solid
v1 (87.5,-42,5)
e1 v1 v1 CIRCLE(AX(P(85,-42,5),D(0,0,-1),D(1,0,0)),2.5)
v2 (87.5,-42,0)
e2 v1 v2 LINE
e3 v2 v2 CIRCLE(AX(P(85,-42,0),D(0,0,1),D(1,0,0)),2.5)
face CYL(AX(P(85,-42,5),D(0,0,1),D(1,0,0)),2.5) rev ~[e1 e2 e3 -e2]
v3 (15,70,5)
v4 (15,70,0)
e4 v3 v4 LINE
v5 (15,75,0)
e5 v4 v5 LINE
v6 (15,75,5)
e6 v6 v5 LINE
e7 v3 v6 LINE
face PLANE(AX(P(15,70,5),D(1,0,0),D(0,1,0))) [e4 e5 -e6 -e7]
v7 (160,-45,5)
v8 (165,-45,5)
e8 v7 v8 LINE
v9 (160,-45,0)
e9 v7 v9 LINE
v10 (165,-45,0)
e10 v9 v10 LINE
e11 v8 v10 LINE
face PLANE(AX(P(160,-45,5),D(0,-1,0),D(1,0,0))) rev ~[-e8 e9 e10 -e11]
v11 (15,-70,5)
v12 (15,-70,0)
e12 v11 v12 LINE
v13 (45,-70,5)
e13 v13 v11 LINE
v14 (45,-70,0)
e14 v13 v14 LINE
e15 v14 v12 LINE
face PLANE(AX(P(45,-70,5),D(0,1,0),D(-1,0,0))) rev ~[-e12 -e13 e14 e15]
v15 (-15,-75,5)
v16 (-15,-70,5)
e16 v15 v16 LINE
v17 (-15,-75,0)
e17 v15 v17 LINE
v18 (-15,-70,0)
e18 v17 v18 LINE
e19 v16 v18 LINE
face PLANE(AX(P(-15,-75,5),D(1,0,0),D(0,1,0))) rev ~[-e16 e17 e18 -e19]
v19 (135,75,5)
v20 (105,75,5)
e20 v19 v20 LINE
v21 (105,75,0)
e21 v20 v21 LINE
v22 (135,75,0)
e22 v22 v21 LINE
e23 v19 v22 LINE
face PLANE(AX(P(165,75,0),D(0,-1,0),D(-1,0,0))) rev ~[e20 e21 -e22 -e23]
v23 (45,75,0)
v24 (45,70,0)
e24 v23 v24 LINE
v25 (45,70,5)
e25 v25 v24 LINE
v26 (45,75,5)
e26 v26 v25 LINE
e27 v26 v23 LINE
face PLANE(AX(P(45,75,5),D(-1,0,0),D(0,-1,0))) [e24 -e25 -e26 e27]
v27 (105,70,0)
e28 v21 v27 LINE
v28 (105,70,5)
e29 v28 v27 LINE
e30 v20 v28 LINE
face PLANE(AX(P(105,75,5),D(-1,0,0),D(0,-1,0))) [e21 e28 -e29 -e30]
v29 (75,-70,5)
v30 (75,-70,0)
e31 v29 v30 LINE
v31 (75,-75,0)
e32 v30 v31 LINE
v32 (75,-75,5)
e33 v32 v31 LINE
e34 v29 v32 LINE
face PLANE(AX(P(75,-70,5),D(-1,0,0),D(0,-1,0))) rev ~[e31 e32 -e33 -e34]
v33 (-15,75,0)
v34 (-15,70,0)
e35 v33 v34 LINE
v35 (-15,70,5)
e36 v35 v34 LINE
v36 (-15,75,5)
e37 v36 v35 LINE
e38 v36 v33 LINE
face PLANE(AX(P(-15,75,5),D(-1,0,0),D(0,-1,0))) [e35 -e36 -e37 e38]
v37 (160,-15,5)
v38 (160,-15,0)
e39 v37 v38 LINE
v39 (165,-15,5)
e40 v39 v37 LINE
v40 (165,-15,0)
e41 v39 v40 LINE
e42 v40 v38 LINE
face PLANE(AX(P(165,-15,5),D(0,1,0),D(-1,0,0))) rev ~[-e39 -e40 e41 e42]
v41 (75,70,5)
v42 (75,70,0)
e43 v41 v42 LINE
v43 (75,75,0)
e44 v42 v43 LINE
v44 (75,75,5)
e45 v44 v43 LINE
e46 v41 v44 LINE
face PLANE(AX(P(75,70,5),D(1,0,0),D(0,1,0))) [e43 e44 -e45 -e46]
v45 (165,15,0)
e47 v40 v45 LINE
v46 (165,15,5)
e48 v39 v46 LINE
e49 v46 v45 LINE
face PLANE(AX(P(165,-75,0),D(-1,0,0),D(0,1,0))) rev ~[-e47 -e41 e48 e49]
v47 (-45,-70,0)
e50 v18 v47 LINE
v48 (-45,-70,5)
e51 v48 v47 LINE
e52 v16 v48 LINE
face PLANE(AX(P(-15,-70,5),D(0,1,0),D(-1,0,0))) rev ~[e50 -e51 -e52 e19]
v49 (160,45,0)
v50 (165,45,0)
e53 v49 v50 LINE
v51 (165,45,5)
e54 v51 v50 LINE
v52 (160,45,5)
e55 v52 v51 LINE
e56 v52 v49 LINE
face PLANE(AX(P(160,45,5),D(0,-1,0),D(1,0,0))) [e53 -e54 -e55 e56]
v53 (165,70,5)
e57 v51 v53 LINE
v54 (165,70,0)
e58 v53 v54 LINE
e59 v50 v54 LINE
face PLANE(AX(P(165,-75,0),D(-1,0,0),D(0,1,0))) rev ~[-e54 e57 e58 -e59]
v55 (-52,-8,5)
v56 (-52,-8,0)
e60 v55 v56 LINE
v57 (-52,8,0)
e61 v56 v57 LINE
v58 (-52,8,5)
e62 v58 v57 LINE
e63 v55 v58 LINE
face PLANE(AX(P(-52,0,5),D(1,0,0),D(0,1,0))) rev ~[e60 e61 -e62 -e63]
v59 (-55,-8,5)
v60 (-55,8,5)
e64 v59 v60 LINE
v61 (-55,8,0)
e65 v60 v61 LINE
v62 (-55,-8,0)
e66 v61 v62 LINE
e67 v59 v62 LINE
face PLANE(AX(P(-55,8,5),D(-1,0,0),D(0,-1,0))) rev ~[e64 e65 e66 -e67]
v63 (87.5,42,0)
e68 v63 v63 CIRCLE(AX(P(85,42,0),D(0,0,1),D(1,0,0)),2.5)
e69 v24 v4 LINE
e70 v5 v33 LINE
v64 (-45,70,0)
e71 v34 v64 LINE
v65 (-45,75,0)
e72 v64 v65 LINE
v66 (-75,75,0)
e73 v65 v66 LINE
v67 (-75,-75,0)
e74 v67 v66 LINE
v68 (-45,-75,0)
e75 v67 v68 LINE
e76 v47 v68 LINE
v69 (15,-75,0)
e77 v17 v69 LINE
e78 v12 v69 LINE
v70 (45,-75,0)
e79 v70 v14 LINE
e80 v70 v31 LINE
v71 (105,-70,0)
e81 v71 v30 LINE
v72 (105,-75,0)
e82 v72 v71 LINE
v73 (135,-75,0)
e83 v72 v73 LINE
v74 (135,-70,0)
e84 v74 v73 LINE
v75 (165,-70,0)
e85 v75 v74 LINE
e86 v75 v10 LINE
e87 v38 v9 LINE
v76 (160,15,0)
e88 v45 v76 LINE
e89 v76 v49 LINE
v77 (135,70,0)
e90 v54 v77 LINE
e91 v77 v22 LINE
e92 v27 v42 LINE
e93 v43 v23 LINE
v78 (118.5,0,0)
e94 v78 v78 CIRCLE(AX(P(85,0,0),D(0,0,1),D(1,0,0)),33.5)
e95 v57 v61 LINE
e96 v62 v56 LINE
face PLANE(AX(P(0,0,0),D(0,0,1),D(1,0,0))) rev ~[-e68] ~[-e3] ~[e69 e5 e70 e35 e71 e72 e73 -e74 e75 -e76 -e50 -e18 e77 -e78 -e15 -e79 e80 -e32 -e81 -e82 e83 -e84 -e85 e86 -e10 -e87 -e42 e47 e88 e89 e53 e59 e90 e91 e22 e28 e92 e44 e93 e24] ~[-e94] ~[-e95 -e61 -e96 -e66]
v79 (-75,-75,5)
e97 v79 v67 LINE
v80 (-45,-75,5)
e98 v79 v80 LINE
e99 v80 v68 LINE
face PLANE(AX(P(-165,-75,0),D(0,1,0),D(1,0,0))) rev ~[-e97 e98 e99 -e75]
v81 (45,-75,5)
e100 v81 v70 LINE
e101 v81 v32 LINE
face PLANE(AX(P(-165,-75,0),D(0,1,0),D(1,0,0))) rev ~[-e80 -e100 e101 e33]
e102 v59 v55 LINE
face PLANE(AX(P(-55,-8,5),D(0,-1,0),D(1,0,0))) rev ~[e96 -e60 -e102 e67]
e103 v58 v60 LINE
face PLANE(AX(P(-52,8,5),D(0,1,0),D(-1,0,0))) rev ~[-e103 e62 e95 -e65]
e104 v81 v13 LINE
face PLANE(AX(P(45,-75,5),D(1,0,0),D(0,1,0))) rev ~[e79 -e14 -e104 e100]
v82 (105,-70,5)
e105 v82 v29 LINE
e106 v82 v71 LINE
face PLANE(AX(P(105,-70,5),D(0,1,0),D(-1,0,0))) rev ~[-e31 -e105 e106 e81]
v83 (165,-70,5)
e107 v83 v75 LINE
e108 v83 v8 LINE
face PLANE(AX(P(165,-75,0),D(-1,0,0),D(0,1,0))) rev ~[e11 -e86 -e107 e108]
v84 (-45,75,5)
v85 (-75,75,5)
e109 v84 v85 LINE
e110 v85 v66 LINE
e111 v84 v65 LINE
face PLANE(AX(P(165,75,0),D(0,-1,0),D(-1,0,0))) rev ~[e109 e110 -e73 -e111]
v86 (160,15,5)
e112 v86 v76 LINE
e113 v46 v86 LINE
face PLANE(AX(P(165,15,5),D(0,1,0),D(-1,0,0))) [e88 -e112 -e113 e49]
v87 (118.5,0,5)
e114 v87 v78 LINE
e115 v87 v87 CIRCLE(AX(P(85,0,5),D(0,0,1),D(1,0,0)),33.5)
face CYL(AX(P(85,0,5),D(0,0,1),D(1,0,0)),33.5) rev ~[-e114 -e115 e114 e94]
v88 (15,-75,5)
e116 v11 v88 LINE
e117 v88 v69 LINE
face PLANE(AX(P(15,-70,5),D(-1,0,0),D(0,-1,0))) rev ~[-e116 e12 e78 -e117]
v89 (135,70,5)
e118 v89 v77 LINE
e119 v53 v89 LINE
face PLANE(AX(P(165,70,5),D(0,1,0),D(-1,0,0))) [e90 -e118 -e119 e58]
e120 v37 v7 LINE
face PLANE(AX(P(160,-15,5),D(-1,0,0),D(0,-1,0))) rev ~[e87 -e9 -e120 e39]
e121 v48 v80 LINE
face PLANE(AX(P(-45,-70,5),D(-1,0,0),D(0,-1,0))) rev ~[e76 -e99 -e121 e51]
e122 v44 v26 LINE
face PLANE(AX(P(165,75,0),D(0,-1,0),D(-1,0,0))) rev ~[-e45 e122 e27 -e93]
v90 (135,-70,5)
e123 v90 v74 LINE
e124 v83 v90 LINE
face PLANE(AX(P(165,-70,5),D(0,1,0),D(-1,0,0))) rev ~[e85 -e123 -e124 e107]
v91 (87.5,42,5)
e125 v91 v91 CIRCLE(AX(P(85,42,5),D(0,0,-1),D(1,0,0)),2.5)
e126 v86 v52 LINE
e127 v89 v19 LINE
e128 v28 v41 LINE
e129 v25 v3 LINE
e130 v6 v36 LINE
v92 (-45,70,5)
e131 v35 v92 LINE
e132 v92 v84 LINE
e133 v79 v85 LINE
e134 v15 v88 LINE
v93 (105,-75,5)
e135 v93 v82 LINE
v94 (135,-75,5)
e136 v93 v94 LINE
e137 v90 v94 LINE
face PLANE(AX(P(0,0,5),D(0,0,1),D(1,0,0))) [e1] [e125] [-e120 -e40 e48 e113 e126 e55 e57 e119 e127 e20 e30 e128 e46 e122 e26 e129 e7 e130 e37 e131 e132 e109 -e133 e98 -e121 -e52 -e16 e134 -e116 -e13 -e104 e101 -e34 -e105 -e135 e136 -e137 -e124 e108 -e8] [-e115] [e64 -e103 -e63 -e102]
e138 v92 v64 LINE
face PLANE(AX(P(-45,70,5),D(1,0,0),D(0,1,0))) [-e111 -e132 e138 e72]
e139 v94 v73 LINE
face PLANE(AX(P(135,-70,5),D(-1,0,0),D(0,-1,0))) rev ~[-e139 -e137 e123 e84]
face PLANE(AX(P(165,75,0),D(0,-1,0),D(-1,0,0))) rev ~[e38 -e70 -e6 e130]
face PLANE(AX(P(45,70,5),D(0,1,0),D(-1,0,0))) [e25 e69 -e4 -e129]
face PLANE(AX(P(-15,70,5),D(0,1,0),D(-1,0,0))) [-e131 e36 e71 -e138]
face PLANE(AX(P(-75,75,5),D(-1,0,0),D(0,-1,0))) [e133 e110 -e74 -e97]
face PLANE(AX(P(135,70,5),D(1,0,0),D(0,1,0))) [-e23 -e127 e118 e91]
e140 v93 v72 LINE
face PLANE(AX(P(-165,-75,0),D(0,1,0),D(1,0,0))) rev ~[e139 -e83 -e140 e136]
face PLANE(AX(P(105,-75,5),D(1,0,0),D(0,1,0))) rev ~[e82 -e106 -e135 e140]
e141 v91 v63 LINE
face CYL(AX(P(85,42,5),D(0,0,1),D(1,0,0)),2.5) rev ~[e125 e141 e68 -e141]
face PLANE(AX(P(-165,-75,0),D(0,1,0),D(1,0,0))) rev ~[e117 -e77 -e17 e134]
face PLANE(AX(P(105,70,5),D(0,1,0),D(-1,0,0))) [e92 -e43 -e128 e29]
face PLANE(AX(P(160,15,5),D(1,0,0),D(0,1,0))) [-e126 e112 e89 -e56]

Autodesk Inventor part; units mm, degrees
ref_plane "YZ Plane" through (0, 0, 0) normal (1, 0, 0) x (0, 1, 0)
ref_plane "XZ Plane" through (0, 0, 0) normal (0, 1, 0) x (-1, 0, 0)
ref_plane "XY Plane" through (0, 0, 0) normal (0, 0, 1) x (1, 0, 0)
sketch "Sketch1" plane through (0, 0, 0) normal (0, 0, 1) x (1, 0, 0)
  line L0 (0, 2.8582) -> (0, -2.8582) construction
  line L1 (-5.7775, 0) -> (5.7775, 0) construction
  line L2 (-165, -75) -> (165, -75)
  line L3 (165, -75) -> (165, 75)
  line L4 (165, 75) -> (-165, 75)
  line L5 (-165, 75) -> (-165, -75)
  line L6 (-165, -75) -> (165, 75) construction
  line L7 (165, -75) -> (-165, 75) construction
  point P0 (0, 0)
  point P1 (0, 0)
  dimension "d0" = 330
  dimension "d1" = 150
extrude "Extrusion1" add sketch "Sketch1" along normal blind 5
sketch "Sketch2" plane through (0, 0, 5) normal (0, 0, 1) x (1, 0, 0)
  line L0 (0, 0) -> (-130, 0)
  circle A0 centre (-130, 0) radius 5
  line L1 (-165, 75) -> (-165, -75) projected
  line L2 (-165, 0) -> (-165, 15)
  line L3 (-165, 15) -> (-165, -15)
  line L4 (-165, -15) -> (-165, -45)
  line L5 (-165, -45) -> (-165, -75)
  line L6 (-165, 15) -> (-165, 45)
  line L7 (-165, 45) -> (-165, 75)
  line L8 (-165, 15) -> (-160, 15)
  line L9 (-160, 15) -> (-160, 45)
  line L10 (-160, 45) -> (-165, 45)
  line L11 (-165, 45) -> (-165, 15)
  line L12 (-165, -15) -> (-160, -15)
  line L13 (-160, -15) -> (-160, -45)
  line L14 (-160, -45) -> (-165, -45)
  line L15 (-165, -45) -> (-165, -15)
  line L16 (-165, -75) -> (165, -75) projected
  line L17 (-165, -75) -> (-135, -75)
  line L18 (-135, -75) -> (-105, -75)
  line L19 (-105, -75) -> (-75, -75)
  line L20 (-75, -75) -> (-45, -75)
  line L21 (-45, -75) -> (-15, -75)
  line L22 (-15, -75) -> (15, -75)
  line L23 (15, -75) -> (45, -75)
  line L24 (45, -75) -> (75, -75)
  line L25 (75, -75) -> (105, -75)
  line L26 (105, -75) -> (135, -75)
  line L27 (135, -75) -> (165, -75)
  line L28 (-165, -75) -> (-135, -75)
  line L29 (-135, -75) -> (-135, -70)
  line L30 (-135, -70) -> (-165, -70)
  line L31 (-165, -70) -> (-165, -75)
  line L32 (-105, -75) -> (-75, -75)
  line L33 (-75, -75) -> (-75, -70)
  line L34 (-75, -70) -> (-105, -70)
  line L35 (-105, -70) -> (-105, -75)
  line L36 (-45, -75) -> (-15, -75)
  line L37 (-15, -75) -> (-15, -70)
  line L38 (-15, -70) -> (-45, -70)
  line L39 (-45, -70) -> (-45, -75)
  line L40 (15, -75) -> (45, -75)
  line L41 (45, -75) -> (45, -70)
  line L42 (45, -70) -> (15, -70)
  line L43 (15, -70) -> (15, -75)
  line L44 (75, -75) -> (105, -75)
  line L45 (105, -75) -> (105, -70)
  line L46 (105, -70) -> (75, -70)
  line L47 (75, -70) -> (75, -75)
  line L48 (135, -75) -> (165, -75)
  line L49 (165, -75) -> (165, -70)
  line L50 (165, -70) -> (135, -70)
  line L51 (135, -70) -> (135, -75)
  line L52 (165, 75) -> (-165, 75) projected
  line L53 (-165, 75) -> (-135, 75)
  line L54 (-135, 75) -> (-135, 70)
  line L55 (-135, 70) -> (-165, 70)
  line L56 (-165, 70) -> (-165, 75)
  line L57 (-105, 75) -> (-75, 75)
  line L58 (-75, 75) -> (-75, 70)
  line L59 (-75, 70) -> (-105, 70)
  line L60 (-105, 70) -> (-105, 75)
  line L61 (-45, 75) -> (-15, 75)
  line L62 (-15, 75) -> (-15, 70)
  line L63 (-15, 70) -> (-45, 70)
  line L64 (-45, 70) -> (-45, 75)
  line L65 (15, 75) -> (45, 75)
  line L66 (45, 75) -> (45, 70)
  line L67 (45, 70) -> (15, 70)
  line L68 (15, 70) -> (15, 75)
  line L69 (75, 75) -> (105, 75)
  line L70 (105, 75) -> (105, 70)
  line L71 (105, 70) -> (75, 70)
  line L72 (75, 70) -> (75, 75)
  line L73 (165, -75) -> (165, 75) projected
  line L74 (135, 75) -> (165, 75)
  line L75 (165, 75) -> (165, 70)
  line L76 (165, 70) -> (135, 70)
  line L77 (135, 70) -> (135, 75)
  line L78 (165, 0) -> (165, 15)
  line L79 (165, 15) -> (160, 15)
  line L80 (160, 15) -> (160, 45)
  line L81 (160, 45) -> (165, 45)
  line L82 (165, 45) -> (165, 15)
  line L83 (165, -15) -> (160, -15)
  line L84 (160, -15) -> (160, -45)
  line L85 (160, -45) -> (165, -45)
  line L86 (165, -45) -> (165, -15)
  point P0 (-165, -70)
  point P1 (135, 75)
  point P2 (105, 75)
  point P3 (75, 75)
  point P4 (45, 75)
  point P5 (15, 75)
  point P6 (-15, 75)
  point P7 (-165, 70)
  point P8 (-165, -45)
  dimension "d4" = 130
  dimension "d5" = 10
  dimension "d6" = 15
  dimension "d7" = 30
  dimension "d8" = 30
  dimension "d9" = 30
  dimension "d10" = 30
  dimension "d11" = 30
  dimension "d12" = 5
  dimension "d13" = 30
  dimension "d14" = 30
  dimension "d15" = 30
  dimension "d16" = 30
  dimension "d17" = 30
  dimension "d18" = 30
  dimension "d19" = 30
  dimension "d20" = 30
  dimension "d21" = 30
  dimension "d22" = 30
  dimension "d23" = 30
  dimension "d24" = 5
  dimension "d25" = 5
  dimension "d26" = 5
  dimension "d29" = 30
  dimension "d30" = 30
  dimension "d31" = 30
  dimension "d32" = 30
  dimension "d33" = 30
  dimension "d34" = 30
extrude "Extrusion2" cut sketch "Sketch2" against normal blind 8 contours A0 | L52 L54 L55 L1 | L10 L9 L8 L1 | L52 L58 L59 L60 | L52 L62 L63 L64 | L12 L13 L14 L1 | L52 L66 L67 L68 | L30 L29 L16 L1 | L52 L70 L71 L72 | L35 L34 L33 L16 | L52 L73 L76 L77 | L39 L38 L37 L16 | L73 L79 L80 L81 | L43 L42 L41 L16 | L47 L46 L45 L16 | L73 L85 L84 L83 | L51 L50 L49 L16
sketch "Sketch3" plane through (0, 0, 5) normal (0, 0, 1) x (1, 0, 0)
  line L0 (165, -15) -> (165, 15) projected
  line L1 (165, 0) -> (85, 0)
  circle A0 centre (85, 0) radius 33.5
  point P0 (0, 0)
  dimension "d35" = 80
  dimension "d36" = 67
extrude "Extrusion3" cut sketch "Sketch3" against normal blind 10
sketch "Sketch4" plane through (0, 0, 5) normal (0, 0, 1) x (1, 0, 0)
  circle A0 centre (85, 0) radius 33.5 projected
  line L0 (85, 0) -> (85, 42)
  circle A1 centre (85, 42) radius 2.5
  line L1 (85, 0) -> (85, -42)
  circle A2 centre (85, -42) radius 2.5
  point P0 (0, 0)
  dimension "d39" = 42
  dimension "d40" = 5
  dimension "d41" = 42
  dimension "d42" = 5
extrude "Extrusion4" cut sketch "Sketch4" against normal blind 5 contours A2 | A1
sketch "Sketch5" plane through (0, 0, 5) normal (0, 0, 1) x (1, 0, 0)
  line L0 (165, -70) -> (135, -70) projected
  line L1 (165, -70) -> (-75, -70)
  line L2 (-75, -75) -> (-45, -75) projected
  line L3 (-75, -75) -> (-184.16, -75)
  line L4 (-184.16, -75) -> (-184.16, 77.2339)
  line L5 (-184.16, 77.2339) -> (-75, 77.2339)
  line L6 (-75, 77.2339) -> (-75, -75)
  point P0 (0, 0)
  dimension "d45" = 240
extrude "Extrusion5" cut sketch "Sketch5" against normal blind 5
sketch "Sketch6" plane through (0, 0, 5) normal (0, 0, 1) x (1, 0, 0)
  line L0 (-75, 75) -> (-75, -75) projected
  line L1 (-75, 0) -> (-55, 0)
  line L2 (-55, 0) -> (-52, 0)
  line L3 (-55, -8) -> (-52, -8)
  line L4 (-52, -8) -> (-52, 8)
  line L5 (-52, 8) -> (-55, 8)
  line L6 (-55, 8) -> (-55, -8)
  line L7 (-55, -8) -> (-52, 8) construction
  line L8 (-52, -8) -> (-55, 8) construction
  point P0 (0, 0)
  point P1 (-53.5, 0)
  dimension "d25" = 5
  dimension "d48" = 20
  dimension "d49" = 3
  dimension "d50" = 3
  dimension "d51" = 16
extrude "Extrusion6" cut sketch "Sketch6" against normal blind 10
properties part number "Plaat boven" material "S235"
